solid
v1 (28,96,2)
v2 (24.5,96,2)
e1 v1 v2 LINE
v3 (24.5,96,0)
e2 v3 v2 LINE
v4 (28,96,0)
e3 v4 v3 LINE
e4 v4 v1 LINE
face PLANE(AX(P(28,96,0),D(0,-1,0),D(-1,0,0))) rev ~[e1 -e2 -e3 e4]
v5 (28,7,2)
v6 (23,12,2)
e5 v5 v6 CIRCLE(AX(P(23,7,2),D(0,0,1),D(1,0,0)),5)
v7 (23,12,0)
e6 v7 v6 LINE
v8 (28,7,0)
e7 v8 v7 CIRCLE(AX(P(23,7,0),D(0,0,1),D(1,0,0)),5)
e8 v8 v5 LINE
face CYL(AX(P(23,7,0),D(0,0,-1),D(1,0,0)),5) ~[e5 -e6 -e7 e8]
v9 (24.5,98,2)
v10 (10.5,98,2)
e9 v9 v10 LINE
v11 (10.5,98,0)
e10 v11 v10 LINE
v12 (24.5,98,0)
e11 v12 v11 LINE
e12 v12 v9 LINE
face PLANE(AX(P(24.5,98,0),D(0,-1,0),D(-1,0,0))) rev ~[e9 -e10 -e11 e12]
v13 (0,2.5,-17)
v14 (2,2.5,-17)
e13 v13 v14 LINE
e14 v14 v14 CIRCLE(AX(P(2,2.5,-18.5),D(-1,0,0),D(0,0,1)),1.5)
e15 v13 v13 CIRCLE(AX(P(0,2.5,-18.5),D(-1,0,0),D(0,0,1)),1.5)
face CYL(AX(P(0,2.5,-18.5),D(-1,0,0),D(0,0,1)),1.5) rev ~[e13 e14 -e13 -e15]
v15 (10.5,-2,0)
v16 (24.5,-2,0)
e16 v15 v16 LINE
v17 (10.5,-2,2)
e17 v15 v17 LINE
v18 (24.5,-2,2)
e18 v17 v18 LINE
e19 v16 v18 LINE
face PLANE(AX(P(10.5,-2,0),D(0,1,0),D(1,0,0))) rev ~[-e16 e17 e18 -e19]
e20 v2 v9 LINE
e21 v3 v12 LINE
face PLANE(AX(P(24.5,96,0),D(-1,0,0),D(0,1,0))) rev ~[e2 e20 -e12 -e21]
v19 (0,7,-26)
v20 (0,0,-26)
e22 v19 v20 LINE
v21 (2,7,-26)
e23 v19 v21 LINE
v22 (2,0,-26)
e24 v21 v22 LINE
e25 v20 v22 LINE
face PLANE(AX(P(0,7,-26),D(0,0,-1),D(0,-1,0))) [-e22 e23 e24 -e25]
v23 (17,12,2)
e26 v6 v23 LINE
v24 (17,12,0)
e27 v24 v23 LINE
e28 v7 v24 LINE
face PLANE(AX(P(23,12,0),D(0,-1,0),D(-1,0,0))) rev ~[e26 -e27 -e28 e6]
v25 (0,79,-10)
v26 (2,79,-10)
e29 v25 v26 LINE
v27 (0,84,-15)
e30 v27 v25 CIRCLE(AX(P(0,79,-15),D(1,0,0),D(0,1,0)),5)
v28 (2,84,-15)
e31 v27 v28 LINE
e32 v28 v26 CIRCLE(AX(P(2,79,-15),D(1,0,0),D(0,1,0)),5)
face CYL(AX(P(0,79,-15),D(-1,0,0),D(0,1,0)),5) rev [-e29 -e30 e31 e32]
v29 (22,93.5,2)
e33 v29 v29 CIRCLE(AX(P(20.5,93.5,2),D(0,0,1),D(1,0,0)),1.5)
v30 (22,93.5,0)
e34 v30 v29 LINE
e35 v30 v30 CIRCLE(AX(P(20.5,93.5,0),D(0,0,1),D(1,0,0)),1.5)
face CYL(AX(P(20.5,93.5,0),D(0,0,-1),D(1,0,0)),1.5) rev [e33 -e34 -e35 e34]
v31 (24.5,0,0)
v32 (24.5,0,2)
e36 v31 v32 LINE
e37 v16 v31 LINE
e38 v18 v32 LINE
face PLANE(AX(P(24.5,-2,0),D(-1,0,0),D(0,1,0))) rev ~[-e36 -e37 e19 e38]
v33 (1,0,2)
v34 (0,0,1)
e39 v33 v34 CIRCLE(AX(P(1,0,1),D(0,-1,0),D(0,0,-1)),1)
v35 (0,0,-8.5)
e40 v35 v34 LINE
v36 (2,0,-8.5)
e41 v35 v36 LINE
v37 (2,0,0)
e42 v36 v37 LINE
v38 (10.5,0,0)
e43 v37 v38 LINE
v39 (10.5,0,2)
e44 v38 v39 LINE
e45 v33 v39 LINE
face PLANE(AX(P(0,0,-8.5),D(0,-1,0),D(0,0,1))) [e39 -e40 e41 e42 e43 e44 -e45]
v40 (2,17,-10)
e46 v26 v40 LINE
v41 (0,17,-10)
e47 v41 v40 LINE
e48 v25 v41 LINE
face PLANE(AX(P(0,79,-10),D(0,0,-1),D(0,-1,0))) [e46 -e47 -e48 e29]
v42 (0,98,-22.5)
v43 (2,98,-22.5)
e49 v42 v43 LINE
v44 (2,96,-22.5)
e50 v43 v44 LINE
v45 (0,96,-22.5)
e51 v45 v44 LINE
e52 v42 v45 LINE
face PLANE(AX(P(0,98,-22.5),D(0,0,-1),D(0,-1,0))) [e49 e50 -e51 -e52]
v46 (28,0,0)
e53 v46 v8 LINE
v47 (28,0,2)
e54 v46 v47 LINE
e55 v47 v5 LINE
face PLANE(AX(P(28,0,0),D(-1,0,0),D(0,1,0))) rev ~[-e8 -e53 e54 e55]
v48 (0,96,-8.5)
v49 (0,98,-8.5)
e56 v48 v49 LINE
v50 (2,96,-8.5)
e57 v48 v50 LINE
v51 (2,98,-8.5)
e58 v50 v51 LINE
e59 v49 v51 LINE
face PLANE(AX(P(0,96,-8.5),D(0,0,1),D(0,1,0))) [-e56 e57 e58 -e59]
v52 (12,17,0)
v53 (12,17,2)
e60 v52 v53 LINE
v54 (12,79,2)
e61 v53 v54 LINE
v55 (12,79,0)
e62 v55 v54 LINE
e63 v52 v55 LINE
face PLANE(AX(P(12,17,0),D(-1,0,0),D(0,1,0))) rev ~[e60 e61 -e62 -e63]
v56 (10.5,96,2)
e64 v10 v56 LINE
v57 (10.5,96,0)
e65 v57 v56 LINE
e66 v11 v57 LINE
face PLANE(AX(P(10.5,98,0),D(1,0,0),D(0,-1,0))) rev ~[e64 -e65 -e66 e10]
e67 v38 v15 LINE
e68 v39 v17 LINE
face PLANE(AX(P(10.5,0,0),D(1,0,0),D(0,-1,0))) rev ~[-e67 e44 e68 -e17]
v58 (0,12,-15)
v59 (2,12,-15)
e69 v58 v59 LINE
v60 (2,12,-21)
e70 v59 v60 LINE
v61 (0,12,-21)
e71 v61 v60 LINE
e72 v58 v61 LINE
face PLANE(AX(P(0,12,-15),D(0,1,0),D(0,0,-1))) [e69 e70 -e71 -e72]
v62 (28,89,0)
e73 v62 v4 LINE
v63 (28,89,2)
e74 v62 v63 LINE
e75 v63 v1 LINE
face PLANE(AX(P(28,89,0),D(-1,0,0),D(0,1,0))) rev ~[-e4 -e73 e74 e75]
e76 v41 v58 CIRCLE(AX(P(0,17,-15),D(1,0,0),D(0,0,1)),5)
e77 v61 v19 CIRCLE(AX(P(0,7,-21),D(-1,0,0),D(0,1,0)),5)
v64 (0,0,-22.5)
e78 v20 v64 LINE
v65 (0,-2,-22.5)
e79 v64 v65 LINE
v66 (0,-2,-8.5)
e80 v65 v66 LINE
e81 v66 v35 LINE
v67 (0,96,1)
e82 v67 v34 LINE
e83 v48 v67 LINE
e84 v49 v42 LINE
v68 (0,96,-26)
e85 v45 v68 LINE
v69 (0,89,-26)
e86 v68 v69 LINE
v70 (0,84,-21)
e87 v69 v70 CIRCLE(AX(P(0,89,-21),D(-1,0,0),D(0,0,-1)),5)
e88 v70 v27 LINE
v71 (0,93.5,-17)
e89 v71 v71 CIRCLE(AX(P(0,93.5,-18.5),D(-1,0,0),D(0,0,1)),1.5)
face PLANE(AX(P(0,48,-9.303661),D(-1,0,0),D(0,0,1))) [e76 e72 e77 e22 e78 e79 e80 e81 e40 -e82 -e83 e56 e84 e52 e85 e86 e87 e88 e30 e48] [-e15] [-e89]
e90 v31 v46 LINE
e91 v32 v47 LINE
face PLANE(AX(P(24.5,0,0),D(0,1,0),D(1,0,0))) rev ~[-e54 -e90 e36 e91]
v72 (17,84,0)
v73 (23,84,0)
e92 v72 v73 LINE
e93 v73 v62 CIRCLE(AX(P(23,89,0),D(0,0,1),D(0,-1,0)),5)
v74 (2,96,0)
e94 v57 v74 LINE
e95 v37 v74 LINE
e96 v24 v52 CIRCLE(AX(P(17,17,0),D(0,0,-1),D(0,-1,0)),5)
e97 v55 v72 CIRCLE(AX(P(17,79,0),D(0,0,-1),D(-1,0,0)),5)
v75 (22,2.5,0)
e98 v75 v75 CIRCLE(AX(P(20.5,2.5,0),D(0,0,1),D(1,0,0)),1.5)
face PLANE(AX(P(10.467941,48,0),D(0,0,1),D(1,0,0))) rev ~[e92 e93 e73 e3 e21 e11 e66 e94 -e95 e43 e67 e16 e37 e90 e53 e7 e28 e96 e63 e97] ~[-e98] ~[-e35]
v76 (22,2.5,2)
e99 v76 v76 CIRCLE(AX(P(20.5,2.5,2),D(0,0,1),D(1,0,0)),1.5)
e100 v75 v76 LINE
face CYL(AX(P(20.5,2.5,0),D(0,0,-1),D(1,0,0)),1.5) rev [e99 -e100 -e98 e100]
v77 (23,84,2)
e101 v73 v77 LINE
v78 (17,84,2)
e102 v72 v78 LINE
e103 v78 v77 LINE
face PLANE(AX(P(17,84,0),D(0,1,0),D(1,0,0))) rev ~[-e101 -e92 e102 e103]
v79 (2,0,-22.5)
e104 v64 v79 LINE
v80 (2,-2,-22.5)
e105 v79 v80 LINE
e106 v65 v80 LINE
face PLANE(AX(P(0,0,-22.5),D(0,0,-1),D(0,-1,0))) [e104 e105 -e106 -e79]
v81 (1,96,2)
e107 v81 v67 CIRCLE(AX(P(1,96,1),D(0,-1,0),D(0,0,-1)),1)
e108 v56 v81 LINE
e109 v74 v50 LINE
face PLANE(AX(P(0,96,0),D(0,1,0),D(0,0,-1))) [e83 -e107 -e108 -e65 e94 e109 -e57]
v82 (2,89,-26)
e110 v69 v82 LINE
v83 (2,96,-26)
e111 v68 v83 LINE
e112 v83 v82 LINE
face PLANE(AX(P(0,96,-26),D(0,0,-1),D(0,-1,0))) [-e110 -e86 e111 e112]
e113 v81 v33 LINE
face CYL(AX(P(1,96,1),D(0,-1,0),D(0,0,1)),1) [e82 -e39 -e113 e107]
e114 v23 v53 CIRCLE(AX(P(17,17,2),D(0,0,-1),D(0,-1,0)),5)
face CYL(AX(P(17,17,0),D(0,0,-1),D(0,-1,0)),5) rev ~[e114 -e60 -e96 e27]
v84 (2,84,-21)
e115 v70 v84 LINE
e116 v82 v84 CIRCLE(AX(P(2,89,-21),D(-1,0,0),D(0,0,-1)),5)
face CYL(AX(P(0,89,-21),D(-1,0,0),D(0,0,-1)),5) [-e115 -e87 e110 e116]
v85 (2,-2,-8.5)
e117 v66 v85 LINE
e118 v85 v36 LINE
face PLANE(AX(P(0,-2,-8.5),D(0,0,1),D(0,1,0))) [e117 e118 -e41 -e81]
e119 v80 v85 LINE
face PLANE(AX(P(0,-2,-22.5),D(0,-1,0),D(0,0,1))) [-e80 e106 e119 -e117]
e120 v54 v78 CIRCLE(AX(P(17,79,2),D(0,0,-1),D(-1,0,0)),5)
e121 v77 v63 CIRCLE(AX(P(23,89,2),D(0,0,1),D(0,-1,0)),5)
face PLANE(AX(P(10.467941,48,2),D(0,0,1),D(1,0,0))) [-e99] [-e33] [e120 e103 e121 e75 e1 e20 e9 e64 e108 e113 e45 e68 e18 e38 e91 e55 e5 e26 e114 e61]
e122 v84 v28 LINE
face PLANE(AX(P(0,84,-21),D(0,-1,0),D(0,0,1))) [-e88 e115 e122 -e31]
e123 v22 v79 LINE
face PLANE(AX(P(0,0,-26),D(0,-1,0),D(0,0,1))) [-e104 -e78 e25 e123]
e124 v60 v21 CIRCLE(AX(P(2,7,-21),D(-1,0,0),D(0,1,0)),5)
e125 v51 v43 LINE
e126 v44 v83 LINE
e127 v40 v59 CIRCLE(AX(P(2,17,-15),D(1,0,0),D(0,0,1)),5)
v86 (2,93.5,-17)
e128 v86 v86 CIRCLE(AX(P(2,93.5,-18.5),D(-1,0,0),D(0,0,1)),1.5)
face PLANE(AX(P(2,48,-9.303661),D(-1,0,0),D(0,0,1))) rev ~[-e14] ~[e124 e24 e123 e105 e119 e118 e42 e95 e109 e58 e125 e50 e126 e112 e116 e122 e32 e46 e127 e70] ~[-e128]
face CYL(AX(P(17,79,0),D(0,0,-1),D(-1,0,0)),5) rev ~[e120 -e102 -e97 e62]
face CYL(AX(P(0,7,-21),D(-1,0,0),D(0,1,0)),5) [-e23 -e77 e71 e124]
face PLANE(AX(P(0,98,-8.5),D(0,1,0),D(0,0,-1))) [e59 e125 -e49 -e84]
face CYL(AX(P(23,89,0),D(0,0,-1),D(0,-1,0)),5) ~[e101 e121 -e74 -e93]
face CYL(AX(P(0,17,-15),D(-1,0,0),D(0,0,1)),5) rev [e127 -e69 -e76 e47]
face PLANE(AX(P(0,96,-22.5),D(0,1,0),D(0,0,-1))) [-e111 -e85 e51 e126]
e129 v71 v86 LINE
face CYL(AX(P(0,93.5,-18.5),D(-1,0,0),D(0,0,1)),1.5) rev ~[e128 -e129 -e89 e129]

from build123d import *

# Parameters (mm, degrees)
SKETCH1_R           = 1.5
BOSS_EXTRUDE1_DEPTH = 2
SKETCH2_R           = 1.5
BOSS_EXTRUDE2_DEPTH = 2
FILLET1_R           = 1


with BuildPart() as part:
    # Sketch1 → Boss-Extrude1 (new body)
    with BuildSketch(Plane.XY):
        with BuildLine():
            Line((0, 96), (0, 0))
            Line((0, 0), (10.5, 0))
            Line((10.5, 0), (10.5, -2))
            Line((10.5, -2), (24.5, -2))
            Line((24.5, -2), (24.5, 0))
            Line((24.5, 0), (28, 0))
            Line((28, 0), (28, 7))
            ThreePointArc((28, 7), (26.535533906, 10.535533906), (23, 12))
            Line((23, 12), (17, 12))
            ThreePointArc((17, 12), (13.464466094, 13.464466094), (12, 17))
            Line((12, 17), (12, 79))
            ThreePointArc((12, 79), (13.464466094, 82.535533906), (17, 84))
            Line((17, 84), (23, 84))
            ThreePointArc((23, 84), (26.535533906, 85.464466094), (28, 89))
            Line((28, 89), (28, 96))
            Line((28, 96), (24.5, 96))
            Line((24.5, 96), (24.5, 98))
            Line((24.5, 98), (10.5, 98))
            Line((10.5, 98), (10.5, 96))
            Line((10.5, 96), (0, 96))
        make_face()
        with Locations((20.5, 2.5)):
            Circle(SKETCH1_R, mode=Mode.SUBTRACT)
        with Locations((20.5, 93.5)):
            Circle(SKETCH1_R, mode=Mode.SUBTRACT)
    extrude(amount=BOSS_EXTRUDE1_DEPTH)

    # Sketch2 → Boss-Extrude2 (add)
    with BuildSketch(Plane.ZY):
        with BuildLine():
            Line((0, 96), (-8.5, 96))
            Line((-8.5, 96), (-8.5, 98))
            Line((-8.5, 98), (-22.5, 98))
            Line((-22.5, 98), (-22.5, 96))
            Line((-22.5, 96), (-26, 96))
            Line((-26, 96), (-26, 89))
            ThreePointArc((-26, 89), (-24.535533906, 85.464466094), (-21, 84))
            Line((-21, 84), (-15, 84))
            ThreePointArc((-15, 84), (-11.464466094, 82.535533906), (-10, 79))
            Line((-10, 79), (-10, 17))
            ThreePointArc((-10, 17), (-11.464466094, 13.464466094), (-15, 12))
            Line((-15, 12), (-21, 12))
            ThreePointArc((-21, 12), (-24.535533906, 10.535533906), (-26, 7))
            Line((-26, 7), (-26, 0))
            Line((-26, 0), (-22.5, 0))
            Line((-22.5, 0), (-22.5, -2))
            Line((-22.5, -2), (-8.5, -2))
            Line((-8.5, -2), (-8.5, 0))
            Line((-8.5, 0), (0, 0))
            Line((0, 0), (0, 96))
        make_face()
        with Locations((-18.5, 93.5)):
            Circle(SKETCH2_R, mode=Mode.SUBTRACT)
        with Locations((-18.5, 2.5)):
            Circle(SKETCH2_R, mode=Mode.SUBTRACT)
    extrude(amount=-BOSS_EXTRUDE2_DEPTH)

    # Fillet1
    fillet1_edges = [part.edges().sort_by_distance(p)[0] for p in [
        (0, 48, 2),
    ]]
    fillet(fillet1_edges, radius=FILLET1_R)


solid = part.part
